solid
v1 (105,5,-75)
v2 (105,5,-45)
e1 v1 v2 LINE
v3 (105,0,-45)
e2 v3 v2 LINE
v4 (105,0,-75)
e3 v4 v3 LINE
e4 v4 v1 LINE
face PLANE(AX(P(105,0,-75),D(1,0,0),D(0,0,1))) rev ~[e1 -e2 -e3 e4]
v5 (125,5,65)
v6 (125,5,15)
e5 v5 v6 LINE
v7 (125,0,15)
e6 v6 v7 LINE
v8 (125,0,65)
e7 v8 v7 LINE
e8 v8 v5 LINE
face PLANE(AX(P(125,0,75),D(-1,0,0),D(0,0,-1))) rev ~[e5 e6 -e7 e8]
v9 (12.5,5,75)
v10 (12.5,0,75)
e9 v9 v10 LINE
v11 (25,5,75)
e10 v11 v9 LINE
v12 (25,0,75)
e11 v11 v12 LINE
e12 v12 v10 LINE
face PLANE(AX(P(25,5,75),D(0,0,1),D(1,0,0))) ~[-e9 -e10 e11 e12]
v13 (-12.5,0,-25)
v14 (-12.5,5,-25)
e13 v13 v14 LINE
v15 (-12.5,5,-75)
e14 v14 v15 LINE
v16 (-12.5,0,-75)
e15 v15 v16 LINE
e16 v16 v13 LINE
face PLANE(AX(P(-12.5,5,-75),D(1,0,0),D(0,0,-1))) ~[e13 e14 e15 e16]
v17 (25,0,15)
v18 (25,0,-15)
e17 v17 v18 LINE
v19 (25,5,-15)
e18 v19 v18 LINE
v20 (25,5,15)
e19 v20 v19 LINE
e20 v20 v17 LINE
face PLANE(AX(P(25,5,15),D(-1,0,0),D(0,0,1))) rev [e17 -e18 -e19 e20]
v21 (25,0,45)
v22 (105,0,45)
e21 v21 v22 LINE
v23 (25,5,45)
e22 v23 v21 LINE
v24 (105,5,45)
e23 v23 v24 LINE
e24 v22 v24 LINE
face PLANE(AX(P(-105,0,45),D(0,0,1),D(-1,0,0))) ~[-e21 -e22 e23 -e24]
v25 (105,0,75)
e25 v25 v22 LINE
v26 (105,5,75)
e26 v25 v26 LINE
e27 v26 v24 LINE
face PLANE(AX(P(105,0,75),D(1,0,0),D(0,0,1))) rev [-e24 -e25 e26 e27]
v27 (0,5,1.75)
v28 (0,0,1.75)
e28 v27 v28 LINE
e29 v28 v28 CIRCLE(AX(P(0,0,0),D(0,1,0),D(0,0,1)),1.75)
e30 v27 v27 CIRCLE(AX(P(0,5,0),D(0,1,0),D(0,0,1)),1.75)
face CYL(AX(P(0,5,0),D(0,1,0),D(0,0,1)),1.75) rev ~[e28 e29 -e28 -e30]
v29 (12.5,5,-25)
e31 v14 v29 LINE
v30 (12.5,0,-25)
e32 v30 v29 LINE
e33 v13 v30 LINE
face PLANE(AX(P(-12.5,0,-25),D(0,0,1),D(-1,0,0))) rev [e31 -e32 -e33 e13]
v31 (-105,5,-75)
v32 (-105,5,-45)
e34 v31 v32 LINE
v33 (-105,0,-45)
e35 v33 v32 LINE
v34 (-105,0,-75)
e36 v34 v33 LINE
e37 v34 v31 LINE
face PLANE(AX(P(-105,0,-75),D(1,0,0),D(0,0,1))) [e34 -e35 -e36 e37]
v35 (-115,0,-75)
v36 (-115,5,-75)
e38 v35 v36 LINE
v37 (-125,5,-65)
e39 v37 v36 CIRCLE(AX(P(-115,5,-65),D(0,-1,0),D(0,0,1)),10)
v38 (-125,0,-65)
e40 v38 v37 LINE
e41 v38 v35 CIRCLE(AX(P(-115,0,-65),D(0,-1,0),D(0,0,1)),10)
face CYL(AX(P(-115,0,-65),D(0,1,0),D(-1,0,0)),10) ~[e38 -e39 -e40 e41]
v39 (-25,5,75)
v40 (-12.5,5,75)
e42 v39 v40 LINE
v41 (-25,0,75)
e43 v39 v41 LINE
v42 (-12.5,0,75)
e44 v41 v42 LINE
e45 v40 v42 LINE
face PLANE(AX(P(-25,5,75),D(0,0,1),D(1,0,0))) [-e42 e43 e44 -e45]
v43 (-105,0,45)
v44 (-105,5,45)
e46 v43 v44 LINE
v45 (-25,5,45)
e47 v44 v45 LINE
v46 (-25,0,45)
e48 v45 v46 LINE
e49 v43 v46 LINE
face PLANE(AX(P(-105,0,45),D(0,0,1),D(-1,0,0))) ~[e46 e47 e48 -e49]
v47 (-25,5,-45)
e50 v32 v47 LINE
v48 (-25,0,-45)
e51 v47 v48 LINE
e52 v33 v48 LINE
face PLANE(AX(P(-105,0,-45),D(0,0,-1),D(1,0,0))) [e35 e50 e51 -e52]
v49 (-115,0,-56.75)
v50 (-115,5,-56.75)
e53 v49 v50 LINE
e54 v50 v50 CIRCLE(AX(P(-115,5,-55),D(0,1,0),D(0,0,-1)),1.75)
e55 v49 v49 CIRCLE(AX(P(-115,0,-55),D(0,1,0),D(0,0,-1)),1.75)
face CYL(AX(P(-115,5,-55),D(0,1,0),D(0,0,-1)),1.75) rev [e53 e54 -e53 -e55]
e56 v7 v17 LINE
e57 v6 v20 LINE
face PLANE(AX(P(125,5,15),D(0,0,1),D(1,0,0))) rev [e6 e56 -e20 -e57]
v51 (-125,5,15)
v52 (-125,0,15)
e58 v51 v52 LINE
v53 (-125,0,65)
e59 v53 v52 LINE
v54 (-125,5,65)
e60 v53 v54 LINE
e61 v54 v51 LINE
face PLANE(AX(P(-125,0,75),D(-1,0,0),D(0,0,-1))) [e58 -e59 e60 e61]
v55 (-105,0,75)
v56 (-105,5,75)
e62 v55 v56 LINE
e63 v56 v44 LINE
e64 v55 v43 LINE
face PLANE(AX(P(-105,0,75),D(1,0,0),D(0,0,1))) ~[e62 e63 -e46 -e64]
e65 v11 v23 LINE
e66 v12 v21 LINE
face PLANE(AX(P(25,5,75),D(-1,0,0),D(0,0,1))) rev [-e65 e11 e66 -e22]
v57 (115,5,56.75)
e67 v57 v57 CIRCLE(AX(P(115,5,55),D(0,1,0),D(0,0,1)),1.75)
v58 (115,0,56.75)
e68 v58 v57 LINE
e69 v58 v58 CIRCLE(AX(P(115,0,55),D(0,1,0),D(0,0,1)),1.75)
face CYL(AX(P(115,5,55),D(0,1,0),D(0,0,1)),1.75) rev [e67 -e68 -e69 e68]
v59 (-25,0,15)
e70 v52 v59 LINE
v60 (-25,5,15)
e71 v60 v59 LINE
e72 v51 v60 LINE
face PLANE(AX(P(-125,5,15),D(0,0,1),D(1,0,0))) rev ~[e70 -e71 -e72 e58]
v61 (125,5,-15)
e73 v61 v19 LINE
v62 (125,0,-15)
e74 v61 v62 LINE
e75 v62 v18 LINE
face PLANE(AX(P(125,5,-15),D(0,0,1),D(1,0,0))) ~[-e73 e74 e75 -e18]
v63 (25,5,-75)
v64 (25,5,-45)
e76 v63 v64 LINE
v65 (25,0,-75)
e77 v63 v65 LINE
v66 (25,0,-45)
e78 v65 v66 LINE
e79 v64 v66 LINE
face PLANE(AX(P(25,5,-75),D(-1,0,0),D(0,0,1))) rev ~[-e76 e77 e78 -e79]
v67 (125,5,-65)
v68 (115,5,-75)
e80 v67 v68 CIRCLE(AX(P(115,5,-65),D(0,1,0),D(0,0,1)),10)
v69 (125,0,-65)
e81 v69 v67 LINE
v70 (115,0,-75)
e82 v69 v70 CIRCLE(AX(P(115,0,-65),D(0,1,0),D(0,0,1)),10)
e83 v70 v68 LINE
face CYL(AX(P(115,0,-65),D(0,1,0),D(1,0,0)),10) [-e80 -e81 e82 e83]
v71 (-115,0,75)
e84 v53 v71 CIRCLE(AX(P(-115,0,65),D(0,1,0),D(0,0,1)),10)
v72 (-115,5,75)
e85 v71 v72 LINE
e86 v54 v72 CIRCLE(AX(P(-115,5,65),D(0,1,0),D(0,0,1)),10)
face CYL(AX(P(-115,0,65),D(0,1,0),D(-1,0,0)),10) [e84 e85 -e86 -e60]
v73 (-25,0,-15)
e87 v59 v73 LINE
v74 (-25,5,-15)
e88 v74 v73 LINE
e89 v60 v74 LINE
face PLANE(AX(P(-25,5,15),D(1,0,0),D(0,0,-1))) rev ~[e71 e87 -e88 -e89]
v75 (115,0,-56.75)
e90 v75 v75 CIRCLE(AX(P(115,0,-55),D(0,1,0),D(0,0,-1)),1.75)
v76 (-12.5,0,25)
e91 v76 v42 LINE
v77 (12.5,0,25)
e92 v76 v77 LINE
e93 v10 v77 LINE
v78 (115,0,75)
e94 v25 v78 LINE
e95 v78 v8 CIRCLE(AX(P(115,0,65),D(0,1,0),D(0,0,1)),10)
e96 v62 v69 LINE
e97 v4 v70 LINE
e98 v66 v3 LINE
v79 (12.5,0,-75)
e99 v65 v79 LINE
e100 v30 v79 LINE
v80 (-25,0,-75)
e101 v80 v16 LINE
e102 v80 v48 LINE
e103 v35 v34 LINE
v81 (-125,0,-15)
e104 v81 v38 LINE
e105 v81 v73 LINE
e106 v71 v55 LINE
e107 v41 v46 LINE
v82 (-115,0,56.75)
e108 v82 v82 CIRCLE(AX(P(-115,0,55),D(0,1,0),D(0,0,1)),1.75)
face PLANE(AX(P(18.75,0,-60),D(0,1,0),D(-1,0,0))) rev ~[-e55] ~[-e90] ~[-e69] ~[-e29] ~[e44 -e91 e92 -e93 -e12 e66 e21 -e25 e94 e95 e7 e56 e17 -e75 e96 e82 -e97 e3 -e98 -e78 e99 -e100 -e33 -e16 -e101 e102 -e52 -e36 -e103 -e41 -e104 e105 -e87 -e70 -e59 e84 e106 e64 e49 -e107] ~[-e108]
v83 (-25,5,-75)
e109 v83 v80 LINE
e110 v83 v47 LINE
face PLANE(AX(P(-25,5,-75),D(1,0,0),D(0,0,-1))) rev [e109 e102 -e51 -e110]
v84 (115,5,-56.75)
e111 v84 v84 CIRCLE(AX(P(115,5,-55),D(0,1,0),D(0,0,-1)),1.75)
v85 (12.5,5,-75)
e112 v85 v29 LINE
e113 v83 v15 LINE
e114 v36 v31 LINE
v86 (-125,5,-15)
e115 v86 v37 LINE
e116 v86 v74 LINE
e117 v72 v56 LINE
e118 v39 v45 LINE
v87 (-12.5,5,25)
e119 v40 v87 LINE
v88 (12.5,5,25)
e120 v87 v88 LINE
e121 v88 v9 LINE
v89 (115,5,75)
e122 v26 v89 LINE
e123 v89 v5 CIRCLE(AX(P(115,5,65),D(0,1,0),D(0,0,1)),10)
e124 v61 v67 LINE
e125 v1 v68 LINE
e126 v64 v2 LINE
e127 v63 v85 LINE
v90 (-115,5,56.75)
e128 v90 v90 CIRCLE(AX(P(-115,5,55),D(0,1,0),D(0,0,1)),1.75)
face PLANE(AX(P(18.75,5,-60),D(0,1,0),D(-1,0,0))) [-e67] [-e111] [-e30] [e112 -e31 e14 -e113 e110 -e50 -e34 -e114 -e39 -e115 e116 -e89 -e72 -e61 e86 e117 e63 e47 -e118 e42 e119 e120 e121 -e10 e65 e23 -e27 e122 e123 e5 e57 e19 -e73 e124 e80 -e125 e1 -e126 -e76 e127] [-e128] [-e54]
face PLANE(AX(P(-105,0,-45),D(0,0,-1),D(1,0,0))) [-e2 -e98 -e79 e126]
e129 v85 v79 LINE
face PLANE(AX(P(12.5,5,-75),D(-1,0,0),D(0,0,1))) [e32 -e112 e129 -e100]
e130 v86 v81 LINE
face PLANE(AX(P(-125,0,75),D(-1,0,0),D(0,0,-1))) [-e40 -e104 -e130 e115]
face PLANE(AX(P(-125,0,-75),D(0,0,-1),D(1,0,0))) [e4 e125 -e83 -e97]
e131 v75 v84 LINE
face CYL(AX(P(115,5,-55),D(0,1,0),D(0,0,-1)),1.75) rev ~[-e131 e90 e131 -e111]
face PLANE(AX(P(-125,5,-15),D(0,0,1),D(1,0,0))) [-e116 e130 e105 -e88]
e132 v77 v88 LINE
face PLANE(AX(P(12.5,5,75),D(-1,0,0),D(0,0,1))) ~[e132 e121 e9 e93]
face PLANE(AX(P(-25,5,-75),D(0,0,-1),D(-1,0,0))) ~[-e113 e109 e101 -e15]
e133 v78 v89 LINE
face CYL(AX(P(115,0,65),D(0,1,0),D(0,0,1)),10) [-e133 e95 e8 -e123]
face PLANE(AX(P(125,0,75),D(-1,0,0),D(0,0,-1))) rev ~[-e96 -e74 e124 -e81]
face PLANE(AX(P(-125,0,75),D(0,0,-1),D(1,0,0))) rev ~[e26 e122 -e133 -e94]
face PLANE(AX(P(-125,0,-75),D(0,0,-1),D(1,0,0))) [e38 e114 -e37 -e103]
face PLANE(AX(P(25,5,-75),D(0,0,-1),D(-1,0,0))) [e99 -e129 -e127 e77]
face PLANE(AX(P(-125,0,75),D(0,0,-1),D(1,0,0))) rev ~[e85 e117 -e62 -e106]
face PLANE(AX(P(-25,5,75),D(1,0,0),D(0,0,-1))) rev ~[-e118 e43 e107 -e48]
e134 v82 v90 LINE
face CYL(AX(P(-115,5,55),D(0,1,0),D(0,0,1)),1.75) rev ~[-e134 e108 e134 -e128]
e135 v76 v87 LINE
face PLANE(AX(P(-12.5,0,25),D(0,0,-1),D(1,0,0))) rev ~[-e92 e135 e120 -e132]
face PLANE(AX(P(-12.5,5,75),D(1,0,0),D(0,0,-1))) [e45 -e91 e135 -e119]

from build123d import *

# Parameters (mm, degrees)
SKETCH_1_W                                 = 250
SKETCH_1_H                                 = 150
EXTRUDE_1_DEPTH                            = 5
FILLET_1_R                                 = 10
SKETCH_2_R                                 = 1.75
CUT_EXTRUDE_1_DEPTH                        = 146.859521458
MIRROR_2_COPY_1_SKETCH_R                   = 1.75
MIRROR_2_COPY_1_DEPTH                      = 146.859521458
SKETCH_4_R                                 = 1.75
CUT_EXTRUDE_2_DEPTH                        = 5
SKETCH_5_W                                 = 25
SKETCH_5_H                                 = 50
CUT_EXTRUDE_3_DEPTH                        = 5
SKETCH_7_W                                 = 210
SKETCH_7_H                                 = 30
CUT_EXTRUDE_4_DEPTH                        = 5
SKETCH_8_W                                 = 12.5
SKETCH_8_H                                 = 30
EXTRUDE_2_DEPTH                            = 5
MIRROR_5_AT_THE_SECOND_PLANE_COPY_1_SKET_W = 12.5
MIRROR_5_AT_THE_SECOND_PLANE_COPY_1_SKET_H = 30
MIRROR_5_AT_THE_SECOND_PLANE_COPY_1_DEPTH  = 5
SKETCH_9_W                                 = 100
SKETCH_9_H                                 = 30
CUT_EXTRUDE_5_DEPTH                        = 5


with BuildPart() as part:
    # 草图1 → 凸台-拉伸1 (new body)
    with BuildSketch(Plane(origin=(0, 0, 0), x_dir=(1, 0, 0), z_dir=(0, 1, 0))):
        Rectangle(SKETCH_1_W, SKETCH_1_H)
    extrude(amount=EXTRUDE_1_DEPTH)

    # 圆角1
    fillet_1_edges = [part.edges().sort_by_distance(p)[0] for p in [
        (-125, 2.5, -75),
        (125, 2.5, -75),
        (125, 2.5, 75),
        (-125, 2.5, 75),
    ]]
    fillet(fillet_1_edges, radius=FILLET_1_R)

    # 草图2 → 切除-拉伸1 (cut, symmetric)
    with BuildSketch(Plane(origin=(0, 5, 0), x_dir=(1, 0, 0), z_dir=(0, 1, 0))):
        with Locations(Location((-115, -55, 0), (0, 0, 270))):
            Circle(SKETCH_2_R)
    cut_extrude_1 = extrude(amount=CUT_EXTRUDE_1_DEPTH, both=True, mode=Mode.SUBTRACT)

    # 镜向1: 切除-拉伸1 across plane
    add(cut_extrude_1.mirror(Plane.XY), mode=Mode.SUBTRACT)

    # 镜向2: 切除-拉伸1 across plane
    add(cut_extrude_1.mirror(Plane(origin=(0, 0, 0), x_dir=(0, 0, 1), z_dir=(1, 0, 0))), mode=Mode.SUBTRACT)

    # 镜向2 copy 1 sketch → 镜向2 copy 1 (cut, symmetric)
    with BuildSketch(Plane(origin=(0, 5, 0), x_dir=(-1, 0, 0), z_dir=(0, 1, 0))):
        with Locations(Location((-115, -55, 0), (0, 0, 270))):
            Circle(MIRROR_2_COPY_1_SKETCH_R)
    extrude(amount=MIRROR_2_COPY_1_DEPTH, both=True, mode=Mode.SUBTRACT)

    # 草图4 → 切除-拉伸2 (cut)
    with BuildSketch(Plane(origin=(0, 5, 0), x_dir=(1, 0, 0), z_dir=(0, 1, 0))):
        with Locations(Location((0, 0, 0), (0, 0, 270))):
            Circle(SKETCH_4_R)
    extrude(amount=-CUT_EXTRUDE_2_DEPTH, mode=Mode.SUBTRACT)

    # 草图5 → 切除-拉伸3 (cut)
    with BuildSketch(Plane.XZ):
        with Locations((0, 50)):
            Rectangle(SKETCH_5_W, SKETCH_5_H)
    cut_extrude_3 = extrude(amount=-CUT_EXTRUDE_3_DEPTH, mode=Mode.SUBTRACT)

    # 草图7 → 切除-拉伸4 (cut)
    with BuildSketch(Plane.XZ):
        with Locations((0, -60)):
            Rectangle(SKETCH_7_W, SKETCH_7_H)
    cut_extrude_4 = extrude(amount=-CUT_EXTRUDE_4_DEPTH, mode=Mode.SUBTRACT)

    # 镜向3: 切除-拉伸4 across plane
    add(cut_extrude_4.mirror(Plane.XY), mode=Mode.SUBTRACT)

    # 镜向4: 切除-拉伸3 across plane
    add(cut_extrude_3.mirror(Plane.XY), mode=Mode.SUBTRACT)

    # 草图8 → 凸台-拉伸2 (add)
    with BuildSketch(Plane(origin=(0, 5, 0), x_dir=(1, 0, 0), z_dir=(0, 1, 0))):
        with Locations((-18.75, -60)):
            Rectangle(SKETCH_8_W, SKETCH_8_H)
    extrude_2 = extrude(amount=-EXTRUDE_2_DEPTH)

    # 镜向5: 凸台-拉伸2 across plane
    add(extrude_2.mirror(Plane(origin=(0, 0, 0), x_dir=(0, 0, 1), z_dir=(1, 0, 0))))

    # 镜向5 at the second plane: 凸台-拉伸2 across plane
    add(extrude_2.mirror(Plane.XY))

    # 镜向5 at the second plane copy 1 sket → 镜向5 at the second plane copy 1 (add)
    with BuildSketch(Plane(origin=(0, 5, 0), x_dir=(-1, 0, 0), z_dir=(0, 1, 0))):
        with Locations((-18.75, -60)):
            Rectangle(MIRROR_5_AT_THE_SECOND_PLANE_COPY_1_SKET_W, MIRROR_5_AT_THE_SECOND_PLANE_COPY_1_SKET_H)
    extrude(amount=-MIRROR_5_AT_THE_SECOND_PLANE_COPY_1_DEPTH)

    # 草图9 → 切除-拉伸5 (cut)
    with BuildSketch(Plane(origin=(0, 5, 0), x_dir=(1, 0, 0), z_dir=(0, 1, 0))):
        with Locations((-75, 0)):
            Rectangle(SKETCH_9_W, SKETCH_9_H)
    cut_extrude_5 = extrude(amount=-CUT_EXTRUDE_5_DEPTH, mode=Mode.SUBTRACT)

    # 镜向6: 切除-拉伸5 across plane
    add(cut_extrude_5.mirror(Plane(origin=(0, 0, 0), x_dir=(0, 0, 1), z_dir=(1, 0, 0))), mode=Mode.SUBTRACT)


solid = part.part
